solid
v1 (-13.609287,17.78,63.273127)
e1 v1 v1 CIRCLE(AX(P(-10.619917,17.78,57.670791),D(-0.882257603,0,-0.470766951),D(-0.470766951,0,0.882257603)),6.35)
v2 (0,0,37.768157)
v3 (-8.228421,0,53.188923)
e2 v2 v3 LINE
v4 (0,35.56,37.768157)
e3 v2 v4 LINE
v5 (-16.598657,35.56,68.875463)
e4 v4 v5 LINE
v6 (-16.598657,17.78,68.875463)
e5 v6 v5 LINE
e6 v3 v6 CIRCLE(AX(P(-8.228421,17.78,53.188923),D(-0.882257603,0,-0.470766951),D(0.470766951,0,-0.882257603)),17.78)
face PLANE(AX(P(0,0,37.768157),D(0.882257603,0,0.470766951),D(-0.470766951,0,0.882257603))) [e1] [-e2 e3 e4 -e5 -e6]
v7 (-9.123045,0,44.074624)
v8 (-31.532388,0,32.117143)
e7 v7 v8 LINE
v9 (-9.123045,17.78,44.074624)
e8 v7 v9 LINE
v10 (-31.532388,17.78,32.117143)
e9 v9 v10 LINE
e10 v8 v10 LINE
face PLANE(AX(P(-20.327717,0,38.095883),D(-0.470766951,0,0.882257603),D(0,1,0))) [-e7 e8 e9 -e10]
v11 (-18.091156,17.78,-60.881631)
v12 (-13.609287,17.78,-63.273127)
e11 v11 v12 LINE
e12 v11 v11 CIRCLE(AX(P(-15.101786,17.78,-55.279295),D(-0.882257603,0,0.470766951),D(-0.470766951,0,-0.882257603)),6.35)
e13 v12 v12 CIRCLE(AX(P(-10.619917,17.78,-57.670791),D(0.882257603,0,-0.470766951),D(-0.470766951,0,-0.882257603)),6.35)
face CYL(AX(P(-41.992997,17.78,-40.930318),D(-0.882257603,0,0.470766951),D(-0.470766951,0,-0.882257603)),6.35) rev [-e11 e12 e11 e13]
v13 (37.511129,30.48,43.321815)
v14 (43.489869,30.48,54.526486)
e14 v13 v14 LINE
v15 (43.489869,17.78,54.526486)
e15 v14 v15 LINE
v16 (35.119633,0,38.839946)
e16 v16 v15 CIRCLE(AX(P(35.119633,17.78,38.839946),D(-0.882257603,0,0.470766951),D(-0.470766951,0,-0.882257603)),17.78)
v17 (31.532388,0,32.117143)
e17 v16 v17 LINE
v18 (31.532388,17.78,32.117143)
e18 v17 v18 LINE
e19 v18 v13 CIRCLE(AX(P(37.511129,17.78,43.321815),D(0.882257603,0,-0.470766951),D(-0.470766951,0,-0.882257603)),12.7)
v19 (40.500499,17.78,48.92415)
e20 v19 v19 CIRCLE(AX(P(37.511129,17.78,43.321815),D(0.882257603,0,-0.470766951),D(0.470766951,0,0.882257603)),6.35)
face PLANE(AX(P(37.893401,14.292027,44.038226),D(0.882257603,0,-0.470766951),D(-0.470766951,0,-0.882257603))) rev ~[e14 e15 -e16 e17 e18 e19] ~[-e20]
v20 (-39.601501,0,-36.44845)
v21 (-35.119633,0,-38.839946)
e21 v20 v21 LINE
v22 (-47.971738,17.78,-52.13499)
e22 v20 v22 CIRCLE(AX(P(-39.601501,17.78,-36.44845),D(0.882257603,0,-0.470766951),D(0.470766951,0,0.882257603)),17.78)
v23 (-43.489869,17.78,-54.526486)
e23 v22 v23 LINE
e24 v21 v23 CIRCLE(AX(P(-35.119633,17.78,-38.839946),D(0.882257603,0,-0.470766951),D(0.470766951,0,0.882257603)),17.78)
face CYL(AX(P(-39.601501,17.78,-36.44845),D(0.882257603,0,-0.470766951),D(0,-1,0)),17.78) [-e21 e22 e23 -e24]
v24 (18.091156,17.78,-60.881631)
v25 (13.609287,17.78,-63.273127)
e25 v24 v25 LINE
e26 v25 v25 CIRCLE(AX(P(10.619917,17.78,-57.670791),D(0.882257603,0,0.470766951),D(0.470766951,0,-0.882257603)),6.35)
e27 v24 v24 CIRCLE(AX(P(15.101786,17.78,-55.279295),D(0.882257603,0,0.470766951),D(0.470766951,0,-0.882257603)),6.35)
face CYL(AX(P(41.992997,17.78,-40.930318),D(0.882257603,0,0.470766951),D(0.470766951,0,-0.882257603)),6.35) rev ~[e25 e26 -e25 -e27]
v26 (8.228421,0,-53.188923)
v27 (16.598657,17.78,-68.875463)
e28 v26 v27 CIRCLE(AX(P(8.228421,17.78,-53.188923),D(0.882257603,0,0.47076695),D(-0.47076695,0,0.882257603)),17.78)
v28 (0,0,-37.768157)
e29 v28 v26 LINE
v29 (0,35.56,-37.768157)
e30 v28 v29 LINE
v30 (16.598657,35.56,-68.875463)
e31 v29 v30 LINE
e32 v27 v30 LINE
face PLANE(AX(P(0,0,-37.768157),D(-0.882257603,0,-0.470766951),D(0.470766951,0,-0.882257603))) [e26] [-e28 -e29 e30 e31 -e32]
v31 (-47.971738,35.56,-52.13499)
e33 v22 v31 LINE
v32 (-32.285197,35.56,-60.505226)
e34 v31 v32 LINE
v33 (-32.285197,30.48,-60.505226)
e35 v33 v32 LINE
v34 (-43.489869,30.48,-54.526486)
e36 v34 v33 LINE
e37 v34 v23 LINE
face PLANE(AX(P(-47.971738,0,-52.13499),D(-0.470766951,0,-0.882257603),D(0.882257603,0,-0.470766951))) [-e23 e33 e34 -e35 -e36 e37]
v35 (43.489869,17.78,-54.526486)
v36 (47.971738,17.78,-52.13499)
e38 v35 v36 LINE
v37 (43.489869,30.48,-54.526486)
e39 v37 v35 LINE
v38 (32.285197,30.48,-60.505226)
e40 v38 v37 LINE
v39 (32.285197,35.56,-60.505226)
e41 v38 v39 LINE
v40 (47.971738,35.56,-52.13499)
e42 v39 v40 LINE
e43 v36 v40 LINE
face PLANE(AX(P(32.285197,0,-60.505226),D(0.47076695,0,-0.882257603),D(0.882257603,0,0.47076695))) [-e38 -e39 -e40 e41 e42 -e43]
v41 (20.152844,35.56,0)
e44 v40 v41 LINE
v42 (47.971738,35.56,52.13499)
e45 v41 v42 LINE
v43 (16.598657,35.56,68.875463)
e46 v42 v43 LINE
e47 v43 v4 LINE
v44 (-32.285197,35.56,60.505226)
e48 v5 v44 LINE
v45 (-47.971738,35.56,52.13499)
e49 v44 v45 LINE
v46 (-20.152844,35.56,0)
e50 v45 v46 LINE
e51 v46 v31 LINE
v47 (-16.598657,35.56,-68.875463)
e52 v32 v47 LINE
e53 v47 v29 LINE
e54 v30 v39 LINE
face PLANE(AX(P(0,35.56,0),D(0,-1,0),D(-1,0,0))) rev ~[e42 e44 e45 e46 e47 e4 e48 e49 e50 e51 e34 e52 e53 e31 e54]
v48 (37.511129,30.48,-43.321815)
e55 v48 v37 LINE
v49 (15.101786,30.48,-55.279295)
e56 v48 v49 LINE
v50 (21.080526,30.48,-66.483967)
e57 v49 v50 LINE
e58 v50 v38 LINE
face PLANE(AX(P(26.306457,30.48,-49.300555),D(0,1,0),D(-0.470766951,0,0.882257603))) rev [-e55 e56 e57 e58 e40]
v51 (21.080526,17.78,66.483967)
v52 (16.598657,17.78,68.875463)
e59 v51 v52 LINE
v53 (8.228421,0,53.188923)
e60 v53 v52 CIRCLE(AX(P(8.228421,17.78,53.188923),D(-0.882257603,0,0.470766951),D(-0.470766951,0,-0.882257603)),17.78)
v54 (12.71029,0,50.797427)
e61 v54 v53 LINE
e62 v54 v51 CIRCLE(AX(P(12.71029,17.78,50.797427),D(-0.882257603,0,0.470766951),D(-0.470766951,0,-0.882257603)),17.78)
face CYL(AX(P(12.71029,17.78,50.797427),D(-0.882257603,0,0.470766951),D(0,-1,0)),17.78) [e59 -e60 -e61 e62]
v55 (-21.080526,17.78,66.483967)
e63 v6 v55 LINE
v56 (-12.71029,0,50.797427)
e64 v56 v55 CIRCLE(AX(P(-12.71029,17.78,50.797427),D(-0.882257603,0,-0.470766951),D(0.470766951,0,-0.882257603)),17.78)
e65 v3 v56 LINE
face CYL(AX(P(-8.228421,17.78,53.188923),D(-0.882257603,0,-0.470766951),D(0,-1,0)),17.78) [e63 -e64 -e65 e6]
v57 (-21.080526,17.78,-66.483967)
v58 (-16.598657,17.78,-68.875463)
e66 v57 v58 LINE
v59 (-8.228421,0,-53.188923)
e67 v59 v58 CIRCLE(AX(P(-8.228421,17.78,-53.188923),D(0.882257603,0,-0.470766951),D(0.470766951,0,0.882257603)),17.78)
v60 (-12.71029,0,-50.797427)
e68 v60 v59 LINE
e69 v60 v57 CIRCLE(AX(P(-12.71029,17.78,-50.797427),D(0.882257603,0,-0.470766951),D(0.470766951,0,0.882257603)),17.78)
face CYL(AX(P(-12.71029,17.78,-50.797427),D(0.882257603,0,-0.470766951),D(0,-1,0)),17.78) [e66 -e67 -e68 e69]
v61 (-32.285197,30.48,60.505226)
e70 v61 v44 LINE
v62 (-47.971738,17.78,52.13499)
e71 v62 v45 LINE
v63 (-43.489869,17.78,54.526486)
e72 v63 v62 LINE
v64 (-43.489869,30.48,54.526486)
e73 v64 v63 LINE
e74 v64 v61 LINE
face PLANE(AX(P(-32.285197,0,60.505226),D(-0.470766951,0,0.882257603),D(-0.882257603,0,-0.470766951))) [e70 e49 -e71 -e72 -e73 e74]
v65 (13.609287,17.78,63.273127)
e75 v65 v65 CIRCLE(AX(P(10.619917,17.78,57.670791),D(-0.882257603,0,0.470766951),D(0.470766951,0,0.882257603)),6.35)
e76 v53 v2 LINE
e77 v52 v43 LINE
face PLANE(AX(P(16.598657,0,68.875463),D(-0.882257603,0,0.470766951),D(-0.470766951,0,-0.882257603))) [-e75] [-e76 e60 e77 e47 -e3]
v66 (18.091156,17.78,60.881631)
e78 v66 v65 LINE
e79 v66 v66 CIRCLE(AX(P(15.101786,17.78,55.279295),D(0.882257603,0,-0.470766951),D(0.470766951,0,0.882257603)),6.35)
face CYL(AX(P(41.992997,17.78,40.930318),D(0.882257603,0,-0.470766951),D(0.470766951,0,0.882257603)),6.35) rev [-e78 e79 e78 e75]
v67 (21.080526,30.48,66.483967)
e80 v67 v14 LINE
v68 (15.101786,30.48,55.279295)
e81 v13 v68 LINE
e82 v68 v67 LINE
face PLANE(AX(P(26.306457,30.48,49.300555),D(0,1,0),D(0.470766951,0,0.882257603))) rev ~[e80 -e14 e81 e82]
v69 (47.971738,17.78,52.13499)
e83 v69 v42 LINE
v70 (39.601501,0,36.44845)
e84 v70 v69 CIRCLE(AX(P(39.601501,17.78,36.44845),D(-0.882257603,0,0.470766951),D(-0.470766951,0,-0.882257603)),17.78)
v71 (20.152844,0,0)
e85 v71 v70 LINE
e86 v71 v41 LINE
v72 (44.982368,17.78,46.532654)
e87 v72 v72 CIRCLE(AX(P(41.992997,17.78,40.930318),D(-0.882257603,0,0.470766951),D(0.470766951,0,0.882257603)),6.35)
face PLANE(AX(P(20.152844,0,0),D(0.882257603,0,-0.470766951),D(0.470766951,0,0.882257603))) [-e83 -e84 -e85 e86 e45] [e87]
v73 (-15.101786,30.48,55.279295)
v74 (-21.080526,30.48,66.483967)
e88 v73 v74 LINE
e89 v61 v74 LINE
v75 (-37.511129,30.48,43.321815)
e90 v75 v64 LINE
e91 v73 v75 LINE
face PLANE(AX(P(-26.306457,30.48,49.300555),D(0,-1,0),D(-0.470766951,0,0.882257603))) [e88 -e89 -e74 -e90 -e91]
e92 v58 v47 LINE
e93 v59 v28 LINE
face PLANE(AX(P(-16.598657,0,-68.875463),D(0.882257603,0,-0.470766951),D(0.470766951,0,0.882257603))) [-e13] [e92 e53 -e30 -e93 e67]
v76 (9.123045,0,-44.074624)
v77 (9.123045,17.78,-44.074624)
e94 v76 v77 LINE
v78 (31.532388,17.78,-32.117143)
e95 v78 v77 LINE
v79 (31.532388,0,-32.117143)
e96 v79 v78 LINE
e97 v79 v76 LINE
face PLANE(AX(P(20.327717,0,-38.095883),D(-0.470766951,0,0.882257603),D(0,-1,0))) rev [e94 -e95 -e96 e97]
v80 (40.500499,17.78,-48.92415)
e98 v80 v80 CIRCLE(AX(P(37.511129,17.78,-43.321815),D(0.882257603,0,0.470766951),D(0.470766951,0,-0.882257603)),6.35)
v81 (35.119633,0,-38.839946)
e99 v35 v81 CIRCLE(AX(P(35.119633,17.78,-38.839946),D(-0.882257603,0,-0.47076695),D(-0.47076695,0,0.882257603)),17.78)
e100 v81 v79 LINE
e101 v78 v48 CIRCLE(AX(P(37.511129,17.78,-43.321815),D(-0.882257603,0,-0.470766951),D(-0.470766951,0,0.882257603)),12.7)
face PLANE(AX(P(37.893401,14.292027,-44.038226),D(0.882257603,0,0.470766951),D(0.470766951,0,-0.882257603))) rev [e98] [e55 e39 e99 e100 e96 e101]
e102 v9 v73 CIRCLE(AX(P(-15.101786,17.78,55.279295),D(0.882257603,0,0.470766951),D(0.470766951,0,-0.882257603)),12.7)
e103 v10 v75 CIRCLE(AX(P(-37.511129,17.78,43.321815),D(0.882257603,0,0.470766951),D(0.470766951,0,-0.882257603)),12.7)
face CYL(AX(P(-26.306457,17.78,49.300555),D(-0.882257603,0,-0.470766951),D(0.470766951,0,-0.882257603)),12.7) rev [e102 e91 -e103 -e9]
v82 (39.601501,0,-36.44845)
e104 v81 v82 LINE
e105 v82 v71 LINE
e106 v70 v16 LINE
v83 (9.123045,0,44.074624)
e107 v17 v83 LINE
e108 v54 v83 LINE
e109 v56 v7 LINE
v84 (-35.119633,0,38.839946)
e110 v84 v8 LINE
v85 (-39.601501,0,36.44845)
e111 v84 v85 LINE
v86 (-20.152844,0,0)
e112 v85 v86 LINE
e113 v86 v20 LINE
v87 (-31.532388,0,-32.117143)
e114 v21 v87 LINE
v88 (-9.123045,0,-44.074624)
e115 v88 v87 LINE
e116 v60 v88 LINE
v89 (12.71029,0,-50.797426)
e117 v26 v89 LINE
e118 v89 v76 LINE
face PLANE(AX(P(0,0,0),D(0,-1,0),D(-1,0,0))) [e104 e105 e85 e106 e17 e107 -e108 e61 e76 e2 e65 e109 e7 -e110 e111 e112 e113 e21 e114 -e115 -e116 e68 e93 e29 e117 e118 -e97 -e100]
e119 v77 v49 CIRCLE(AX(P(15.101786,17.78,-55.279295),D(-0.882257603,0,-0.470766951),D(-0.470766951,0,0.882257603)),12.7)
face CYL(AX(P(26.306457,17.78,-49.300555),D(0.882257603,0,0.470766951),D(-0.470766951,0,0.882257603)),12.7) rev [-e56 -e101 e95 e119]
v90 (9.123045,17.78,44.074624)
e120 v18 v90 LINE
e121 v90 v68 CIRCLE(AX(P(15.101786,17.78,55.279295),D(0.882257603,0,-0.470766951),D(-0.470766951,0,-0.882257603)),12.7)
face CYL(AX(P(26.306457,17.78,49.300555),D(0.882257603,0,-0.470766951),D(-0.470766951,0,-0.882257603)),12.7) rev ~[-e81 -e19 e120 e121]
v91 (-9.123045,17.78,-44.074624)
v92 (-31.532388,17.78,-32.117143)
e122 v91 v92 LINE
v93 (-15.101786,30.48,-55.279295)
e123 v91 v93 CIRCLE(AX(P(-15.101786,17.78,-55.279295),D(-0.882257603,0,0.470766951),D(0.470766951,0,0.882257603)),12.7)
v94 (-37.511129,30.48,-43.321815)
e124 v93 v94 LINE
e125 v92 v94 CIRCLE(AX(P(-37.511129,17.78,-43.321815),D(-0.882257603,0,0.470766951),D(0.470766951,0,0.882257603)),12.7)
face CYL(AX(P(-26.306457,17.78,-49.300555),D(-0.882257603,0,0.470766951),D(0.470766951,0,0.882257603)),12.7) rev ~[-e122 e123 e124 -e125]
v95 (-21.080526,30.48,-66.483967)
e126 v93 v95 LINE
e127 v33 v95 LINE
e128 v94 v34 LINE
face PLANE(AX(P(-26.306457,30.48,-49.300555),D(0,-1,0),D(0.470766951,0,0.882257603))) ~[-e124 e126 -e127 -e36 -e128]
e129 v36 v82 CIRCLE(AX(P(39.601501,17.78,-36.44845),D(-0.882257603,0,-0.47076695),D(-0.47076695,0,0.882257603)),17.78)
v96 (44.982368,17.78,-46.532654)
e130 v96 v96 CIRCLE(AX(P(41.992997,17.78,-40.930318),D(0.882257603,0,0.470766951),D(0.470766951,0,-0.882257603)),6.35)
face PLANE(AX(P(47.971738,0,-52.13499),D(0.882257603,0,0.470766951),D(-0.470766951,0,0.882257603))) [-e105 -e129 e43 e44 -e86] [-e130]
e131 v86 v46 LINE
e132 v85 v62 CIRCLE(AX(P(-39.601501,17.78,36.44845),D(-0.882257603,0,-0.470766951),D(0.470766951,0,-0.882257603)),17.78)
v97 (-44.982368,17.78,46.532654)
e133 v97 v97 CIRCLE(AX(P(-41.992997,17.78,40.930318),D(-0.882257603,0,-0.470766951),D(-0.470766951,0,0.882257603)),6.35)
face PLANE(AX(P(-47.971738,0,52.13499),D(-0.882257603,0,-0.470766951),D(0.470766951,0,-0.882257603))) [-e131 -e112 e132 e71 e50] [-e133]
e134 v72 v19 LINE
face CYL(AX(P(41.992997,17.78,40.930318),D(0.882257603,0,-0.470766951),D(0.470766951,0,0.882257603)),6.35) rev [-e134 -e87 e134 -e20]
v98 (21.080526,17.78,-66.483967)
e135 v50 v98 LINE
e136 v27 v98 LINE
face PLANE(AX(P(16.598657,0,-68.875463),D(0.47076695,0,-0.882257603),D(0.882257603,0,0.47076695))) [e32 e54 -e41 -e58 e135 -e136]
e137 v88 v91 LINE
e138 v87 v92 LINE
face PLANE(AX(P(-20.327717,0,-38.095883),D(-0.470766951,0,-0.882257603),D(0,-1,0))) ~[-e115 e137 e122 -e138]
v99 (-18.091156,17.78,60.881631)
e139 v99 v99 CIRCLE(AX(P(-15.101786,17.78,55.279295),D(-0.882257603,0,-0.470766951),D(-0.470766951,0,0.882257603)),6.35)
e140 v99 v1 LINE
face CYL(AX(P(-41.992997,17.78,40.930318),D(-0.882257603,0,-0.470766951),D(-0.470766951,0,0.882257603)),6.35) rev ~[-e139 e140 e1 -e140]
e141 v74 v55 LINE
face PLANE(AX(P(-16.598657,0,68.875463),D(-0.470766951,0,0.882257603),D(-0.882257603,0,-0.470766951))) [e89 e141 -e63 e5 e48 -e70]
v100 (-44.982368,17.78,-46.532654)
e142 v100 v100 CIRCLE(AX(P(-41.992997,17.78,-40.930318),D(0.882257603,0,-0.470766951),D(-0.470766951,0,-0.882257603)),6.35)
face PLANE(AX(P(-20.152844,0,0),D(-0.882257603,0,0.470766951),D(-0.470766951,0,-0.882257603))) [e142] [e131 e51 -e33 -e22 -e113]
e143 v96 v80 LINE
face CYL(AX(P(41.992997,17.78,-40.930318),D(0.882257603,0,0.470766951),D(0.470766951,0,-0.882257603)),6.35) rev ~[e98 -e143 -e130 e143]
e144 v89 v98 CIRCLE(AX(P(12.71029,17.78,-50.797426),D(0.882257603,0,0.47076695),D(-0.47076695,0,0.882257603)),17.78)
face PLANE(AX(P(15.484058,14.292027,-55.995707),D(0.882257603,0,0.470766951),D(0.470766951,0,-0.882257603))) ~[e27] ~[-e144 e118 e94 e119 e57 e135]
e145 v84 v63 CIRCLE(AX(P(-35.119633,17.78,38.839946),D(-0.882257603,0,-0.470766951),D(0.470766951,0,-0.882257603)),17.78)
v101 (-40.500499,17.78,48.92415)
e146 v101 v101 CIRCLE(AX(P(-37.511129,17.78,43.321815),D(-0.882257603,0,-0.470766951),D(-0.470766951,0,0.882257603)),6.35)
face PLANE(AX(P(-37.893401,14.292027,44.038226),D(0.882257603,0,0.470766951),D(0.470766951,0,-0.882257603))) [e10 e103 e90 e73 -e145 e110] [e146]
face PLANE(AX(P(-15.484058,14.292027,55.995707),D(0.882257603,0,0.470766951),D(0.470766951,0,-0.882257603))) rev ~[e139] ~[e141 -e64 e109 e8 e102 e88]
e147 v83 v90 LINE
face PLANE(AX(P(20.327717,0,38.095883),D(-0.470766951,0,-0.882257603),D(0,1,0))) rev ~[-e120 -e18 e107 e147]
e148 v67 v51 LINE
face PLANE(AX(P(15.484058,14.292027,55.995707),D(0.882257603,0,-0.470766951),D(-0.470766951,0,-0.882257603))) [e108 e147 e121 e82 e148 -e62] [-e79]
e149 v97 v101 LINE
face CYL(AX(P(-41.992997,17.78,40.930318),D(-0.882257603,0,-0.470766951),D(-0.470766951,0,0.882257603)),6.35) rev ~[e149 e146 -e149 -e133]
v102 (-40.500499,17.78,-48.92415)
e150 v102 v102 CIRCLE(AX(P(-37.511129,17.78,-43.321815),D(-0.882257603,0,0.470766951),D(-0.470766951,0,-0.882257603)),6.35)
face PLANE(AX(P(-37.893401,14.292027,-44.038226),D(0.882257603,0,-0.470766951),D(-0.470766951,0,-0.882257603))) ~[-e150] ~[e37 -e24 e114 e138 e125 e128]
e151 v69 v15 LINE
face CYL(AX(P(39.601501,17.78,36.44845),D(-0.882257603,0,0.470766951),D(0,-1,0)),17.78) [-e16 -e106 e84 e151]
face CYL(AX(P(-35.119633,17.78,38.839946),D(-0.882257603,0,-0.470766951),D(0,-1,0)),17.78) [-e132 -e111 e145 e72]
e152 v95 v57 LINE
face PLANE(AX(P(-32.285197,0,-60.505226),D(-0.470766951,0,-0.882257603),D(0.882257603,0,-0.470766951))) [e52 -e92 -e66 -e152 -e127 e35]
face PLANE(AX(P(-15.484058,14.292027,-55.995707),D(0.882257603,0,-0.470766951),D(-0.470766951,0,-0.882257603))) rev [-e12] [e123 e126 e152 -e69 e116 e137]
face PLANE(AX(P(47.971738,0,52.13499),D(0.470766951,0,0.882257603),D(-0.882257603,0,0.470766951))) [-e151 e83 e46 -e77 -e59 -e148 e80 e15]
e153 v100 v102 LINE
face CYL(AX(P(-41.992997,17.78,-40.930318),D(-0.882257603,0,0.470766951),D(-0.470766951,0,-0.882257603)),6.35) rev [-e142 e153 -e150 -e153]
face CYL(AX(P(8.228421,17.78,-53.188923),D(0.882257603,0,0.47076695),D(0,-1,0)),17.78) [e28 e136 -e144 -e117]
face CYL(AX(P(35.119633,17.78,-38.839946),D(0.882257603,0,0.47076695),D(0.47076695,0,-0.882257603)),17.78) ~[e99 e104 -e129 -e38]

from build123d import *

# Parameters (mm, degrees)
BOSS_EXTRUDE1_DEPTH       = 35.56
CORTAR_EXTRUIR1_DEPTH     = 12.7
CORTAR_EXTRUIR2_DEPTH     = 12.7
CROQUIS4_R                = 6.35
CORTAR_EXTRUIR3_DEPTH     = 35.56
SIMETR_A7_COPY_1_SKETCH_R = 6.35
SIMETR_A7_COPY_1_DEPTH    = 35.56
REDONDEO1_R               = 17.78


with BuildPart() as part:
    # Sketch1 → Boss-Extrude1 (new body)
    with BuildSketch(Plane(origin=(0, 0, 0), x_dir=(1, 0, 0), z_dir=(0, 1, 0))):
        Polygon((47.97173767, 52.13499004), (20.15284418, 0), (47.971737664, -52.13499003), (16.598657301, -68.875462799), (0, -37.768156774), (-16.598657301, -68.875462799), (-32.285197483, -60.505226415), (-47.971737664, -52.13499003), (-20.15284418, 0), (-47.971737664, 52.13499003), (-32.285197483, 60.505226415), (-16.598657301, 68.875462799), (0, 37.768156774), (16.598657296, 68.875462789), (32.28519748, 60.505226416), align=None)
    extrude(amount=BOSS_EXTRUDE1_DEPTH)

    # Croquis2 → Cortar-Extruir1 (cut, symmetric)
    with BuildSketch(Plane(origin=(0, 0, 0), x_dir=(-0.470766951, 0, 0.882257603), z_dir=(-0.882257603, 0, -0.470766951))):
        with BuildLine():
            Line((55.88, 30.48), (68.58, 30.48))
            Line((68.58, 30.48), (68.58, 0))
            Line((68.58, 0), (43.18, 0))
            Line((43.18, 0), (43.18, 17.78))
            ThreePointArc((43.18, 17.78), (46.899743879, 26.760256121), (55.88, 30.48))
        make_face()
    cortar_extruir1 = extrude(amount=CORTAR_EXTRUIR1_DEPTH, both=True, mode=Mode.SUBTRACT)

    # Croquis3 → Cortar-Extruir2 (cut, symmetric)
    with BuildSketch(Plane(origin=(0, 0, 0), x_dir=(-0.470766951, 0, -0.882257603), z_dir=(0.882257603, 0, -0.470766951))):
        with BuildLine():
            Line((-55.88, 30.48), (-68.58, 30.48))
            Line((-68.58, 30.48), (-68.58, 0))
            Line((-68.58, 0), (-43.18, 0))
            Line((-43.18, 0), (-43.18, 17.78))
            ThreePointArc((-43.18, 17.78), (-46.899743879, 26.760256121), (-55.88, 30.48))
        make_face()
    cortar_extruir2 = extrude(amount=CORTAR_EXTRUIR2_DEPTH, both=True, mode=Mode.SUBTRACT)

    # Simetría1: Cortar-Extruir1, Cortar-Extruir2 across plane
    add(cortar_extruir1.mirror(Plane.XY), mode=Mode.SUBTRACT)
    add(cortar_extruir2.mirror(Plane.XY), mode=Mode.SUBTRACT)

    # Croquis4 → Cortar-Extruir3 (cut)
    with BuildSketch(Plane(origin=(-15.686540182, 0, -8.370236384), x_dir=(-0.470766951, 0, 0.882257603), z_dir=(-0.882257603, 0, -0.470766951))):
        with Locations((55.88, 17.78)):
            Circle(CROQUIS4_R)
    cortar_extruir3 = extrude(amount=-CORTAR_EXTRUIR3_DEPTH, mode=Mode.SUBTRACT)

    # Simetría2: Cortar-Extruir3 across plane
    add(cortar_extruir3.mirror(Plane(origin=(0, 0, 0), x_dir=(0, 0, 1), z_dir=(1, 0, 0))), mode=Mode.SUBTRACT)

    # Simetría7: Cortar-Extruir3 across plane
    add(cortar_extruir3.mirror(Plane.XY), mode=Mode.SUBTRACT)

    # Simetría7 copy 1 sketch → Simetría7 copy 1 (cut)
    with BuildSketch(Plane(origin=(15.686540182, 0, 8.370236384), x_dir=(0.470766951, 0, -0.882257603), z_dir=(0.882257603, 0, 0.470766951))):
        with Locations((55.88, 17.78)):
            Circle(SIMETR_A7_COPY_1_SKETCH_R)
    extrude(amount=-SIMETR_A7_COPY_1_DEPTH, mode=Mode.SUBTRACT)

    # Redondeo1
    redondeo1_edges = [part.edges().sort_by_distance(p)[0] for p in [
        (18.839591613, 0, 67.679714744),
        (-45.730803353, 0, 53.330738085),
        (-18.839591613, 0, -67.679714744),
        (45.730803357, 0, -53.330738094),
        (-18.839591613, 0, 67.679714744),
        (45.730803353, 0, 53.330738085),
        (-45.730803353, 0, -53.330738085),
        (18.839591608, 0, -67.679714736),
    ]]
    fillet(redondeo1_edges, radius=REDONDEO1_R)


solid = part.part
